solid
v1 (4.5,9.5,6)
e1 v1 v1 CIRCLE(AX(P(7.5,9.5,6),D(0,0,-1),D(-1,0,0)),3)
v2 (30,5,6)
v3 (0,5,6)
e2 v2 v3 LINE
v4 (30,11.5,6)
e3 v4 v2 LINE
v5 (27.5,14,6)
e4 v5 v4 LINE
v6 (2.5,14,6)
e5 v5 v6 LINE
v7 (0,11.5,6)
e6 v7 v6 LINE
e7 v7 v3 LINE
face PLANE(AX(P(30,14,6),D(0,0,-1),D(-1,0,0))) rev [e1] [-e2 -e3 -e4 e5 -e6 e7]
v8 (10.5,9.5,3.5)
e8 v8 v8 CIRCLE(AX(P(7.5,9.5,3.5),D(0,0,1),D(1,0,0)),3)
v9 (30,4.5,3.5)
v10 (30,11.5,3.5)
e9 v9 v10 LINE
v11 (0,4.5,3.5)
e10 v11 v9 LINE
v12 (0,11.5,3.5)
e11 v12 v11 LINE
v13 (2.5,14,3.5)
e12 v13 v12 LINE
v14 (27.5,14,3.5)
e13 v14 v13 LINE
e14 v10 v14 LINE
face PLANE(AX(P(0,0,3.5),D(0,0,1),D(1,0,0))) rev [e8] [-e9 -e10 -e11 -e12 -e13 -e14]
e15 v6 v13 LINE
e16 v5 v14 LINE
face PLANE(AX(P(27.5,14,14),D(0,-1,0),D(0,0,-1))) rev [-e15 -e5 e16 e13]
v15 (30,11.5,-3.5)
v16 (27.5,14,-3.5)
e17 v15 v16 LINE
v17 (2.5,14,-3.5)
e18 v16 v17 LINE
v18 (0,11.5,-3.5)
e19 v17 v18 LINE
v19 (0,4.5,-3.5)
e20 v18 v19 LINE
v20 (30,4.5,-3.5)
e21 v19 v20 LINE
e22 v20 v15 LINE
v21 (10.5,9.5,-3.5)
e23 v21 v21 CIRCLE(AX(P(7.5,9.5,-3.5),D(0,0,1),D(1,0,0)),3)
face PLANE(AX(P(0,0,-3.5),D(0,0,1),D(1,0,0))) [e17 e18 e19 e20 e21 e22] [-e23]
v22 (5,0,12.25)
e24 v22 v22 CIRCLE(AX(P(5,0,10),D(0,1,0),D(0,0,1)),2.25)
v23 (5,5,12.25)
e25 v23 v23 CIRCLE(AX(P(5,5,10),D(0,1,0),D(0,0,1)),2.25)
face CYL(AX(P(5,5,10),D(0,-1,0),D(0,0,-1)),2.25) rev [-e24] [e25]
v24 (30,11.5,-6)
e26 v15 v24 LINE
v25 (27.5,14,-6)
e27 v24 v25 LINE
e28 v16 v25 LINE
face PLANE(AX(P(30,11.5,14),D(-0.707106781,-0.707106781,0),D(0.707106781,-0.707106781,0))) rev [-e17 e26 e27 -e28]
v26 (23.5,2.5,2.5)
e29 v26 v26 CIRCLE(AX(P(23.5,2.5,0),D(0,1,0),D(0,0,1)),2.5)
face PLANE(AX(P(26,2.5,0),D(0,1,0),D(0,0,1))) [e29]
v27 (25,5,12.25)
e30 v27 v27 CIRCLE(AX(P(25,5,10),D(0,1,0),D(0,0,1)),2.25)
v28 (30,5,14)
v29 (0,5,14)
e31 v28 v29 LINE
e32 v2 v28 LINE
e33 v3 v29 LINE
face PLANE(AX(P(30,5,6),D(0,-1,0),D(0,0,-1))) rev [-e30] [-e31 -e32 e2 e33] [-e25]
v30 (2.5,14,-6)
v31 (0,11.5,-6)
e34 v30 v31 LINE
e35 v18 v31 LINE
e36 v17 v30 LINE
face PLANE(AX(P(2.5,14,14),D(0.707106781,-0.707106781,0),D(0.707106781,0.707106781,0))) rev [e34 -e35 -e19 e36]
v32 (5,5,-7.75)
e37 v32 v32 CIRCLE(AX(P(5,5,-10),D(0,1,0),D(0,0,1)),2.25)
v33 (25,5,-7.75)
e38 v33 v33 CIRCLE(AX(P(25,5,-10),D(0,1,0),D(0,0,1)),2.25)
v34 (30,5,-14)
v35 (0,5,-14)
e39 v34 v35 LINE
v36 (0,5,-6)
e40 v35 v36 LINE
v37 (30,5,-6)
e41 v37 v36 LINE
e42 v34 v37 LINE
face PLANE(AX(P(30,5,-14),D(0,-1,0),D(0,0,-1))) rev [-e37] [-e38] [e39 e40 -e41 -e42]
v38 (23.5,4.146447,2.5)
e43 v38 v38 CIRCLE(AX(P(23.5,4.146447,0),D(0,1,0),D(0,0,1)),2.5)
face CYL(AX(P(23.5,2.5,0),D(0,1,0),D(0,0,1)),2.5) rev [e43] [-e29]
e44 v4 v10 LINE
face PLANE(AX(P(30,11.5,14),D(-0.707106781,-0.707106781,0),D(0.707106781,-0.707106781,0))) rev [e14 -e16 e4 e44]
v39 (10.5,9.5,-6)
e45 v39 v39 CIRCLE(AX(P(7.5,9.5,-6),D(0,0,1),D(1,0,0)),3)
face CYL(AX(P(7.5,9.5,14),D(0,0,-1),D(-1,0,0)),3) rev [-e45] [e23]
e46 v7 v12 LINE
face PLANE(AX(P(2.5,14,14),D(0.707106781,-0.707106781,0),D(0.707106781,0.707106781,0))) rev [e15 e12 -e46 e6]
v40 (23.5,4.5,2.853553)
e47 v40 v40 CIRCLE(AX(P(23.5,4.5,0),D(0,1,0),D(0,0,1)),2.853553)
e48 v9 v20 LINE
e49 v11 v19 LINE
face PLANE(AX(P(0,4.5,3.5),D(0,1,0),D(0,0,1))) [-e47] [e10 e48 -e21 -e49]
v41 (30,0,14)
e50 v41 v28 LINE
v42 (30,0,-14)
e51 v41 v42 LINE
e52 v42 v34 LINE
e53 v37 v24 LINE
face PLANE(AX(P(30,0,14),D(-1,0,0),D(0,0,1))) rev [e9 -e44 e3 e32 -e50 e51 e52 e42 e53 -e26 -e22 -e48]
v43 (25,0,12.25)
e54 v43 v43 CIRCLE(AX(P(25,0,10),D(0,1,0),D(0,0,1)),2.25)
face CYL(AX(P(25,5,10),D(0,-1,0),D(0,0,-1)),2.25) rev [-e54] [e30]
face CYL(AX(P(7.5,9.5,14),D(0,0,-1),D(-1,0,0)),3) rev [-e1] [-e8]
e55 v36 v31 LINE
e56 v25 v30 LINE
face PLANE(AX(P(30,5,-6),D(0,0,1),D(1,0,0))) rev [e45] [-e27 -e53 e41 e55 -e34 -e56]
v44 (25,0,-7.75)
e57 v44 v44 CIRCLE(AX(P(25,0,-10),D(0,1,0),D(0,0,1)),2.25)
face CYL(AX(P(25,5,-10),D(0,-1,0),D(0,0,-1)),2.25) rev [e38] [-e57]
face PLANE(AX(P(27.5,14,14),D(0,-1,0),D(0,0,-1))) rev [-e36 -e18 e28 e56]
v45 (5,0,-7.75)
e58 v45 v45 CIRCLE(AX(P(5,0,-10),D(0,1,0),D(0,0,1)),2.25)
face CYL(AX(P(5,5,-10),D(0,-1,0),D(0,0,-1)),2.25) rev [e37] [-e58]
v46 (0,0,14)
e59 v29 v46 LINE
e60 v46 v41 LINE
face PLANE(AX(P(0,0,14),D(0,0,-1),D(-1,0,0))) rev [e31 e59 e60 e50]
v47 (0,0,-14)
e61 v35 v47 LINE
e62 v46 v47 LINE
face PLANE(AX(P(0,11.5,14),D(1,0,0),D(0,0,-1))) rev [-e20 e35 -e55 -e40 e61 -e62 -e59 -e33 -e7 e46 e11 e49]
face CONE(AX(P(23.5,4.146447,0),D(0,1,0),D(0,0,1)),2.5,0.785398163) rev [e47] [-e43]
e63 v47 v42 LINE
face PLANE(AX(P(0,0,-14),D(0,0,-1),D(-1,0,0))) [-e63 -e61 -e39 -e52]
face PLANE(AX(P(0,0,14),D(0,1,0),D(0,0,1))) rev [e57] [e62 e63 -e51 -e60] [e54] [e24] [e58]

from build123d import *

# Parameters (mm, degrees)
BOSS_EXTRUDE1_DEPTH      = 14
BOSS_EXTRUDE1_DEPTH_BACK = 14
CUT_EXTRUDE1_DEPTH       = 14
CUT_EXTRUDE1_DEPTH_BACK  = 14
SKETCH2_R                = 3
CUT_EXTRUDE2_DEPTH       = 3.5
CUT_EXTRUDE2_DEPTH_BACK  = 3.5
SKETCH3_W                = 30
SKETCH3_H                = 9.5
SKETCH5_W                = 56
SKETCH5_H                = 28
CUT_EXTRUDE3_DEPTH       = 30
SKETCH6_R                = 2.25
CUT_EXTRUDE4_DEPTH       = 5
SKETCH7_R                = 2.25
CUT_EXTRUDE5_DEPTH       = 5
SKETCH8_R                = 2.25
CUT_EXTRUDE6_DEPTH       = 5
SKETCH9_R                = 2.25
CUT_EXTRUDE7_DEPTH       = 5


with BuildPart() as part:
    # Sketch1 → Boss-Extrude1 (new, two sides: drawn at the far end of the back side and taken through both)
    with BuildSketch(Plane.XY.offset(-BOSS_EXTRUDE1_DEPTH_BACK)):
        Polygon((0, 11.5), (0, 0), (30, 0), (30, 11.5), (27.5, 14), (2.5, 14), align=None)
    extrude(amount=BOSS_EXTRUDE1_DEPTH + BOSS_EXTRUDE1_DEPTH_BACK)

    # Sketch2 → Cut-Extrude1 (cut, two sides: drawn at the far end of the back side and taken through both)
    with BuildSketch(Plane.XY.offset(-CUT_EXTRUDE1_DEPTH_BACK)):
        with Locations((7.5, 9.5)):
            Circle(SKETCH2_R)
    extrude(amount=CUT_EXTRUDE1_DEPTH + CUT_EXTRUDE1_DEPTH_BACK, mode=Mode.SUBTRACT)

    # Sketch3 → Cut-Extrude2 (cut, two sides: drawn at the far end of the back side and taken through both)
    with BuildSketch(Plane.XY.offset(-CUT_EXTRUDE2_DEPTH_BACK)):
        with Locations((15, 9.25)):
            Rectangle(SKETCH3_W, SKETCH3_H)
    extrude(amount=CUT_EXTRUDE2_DEPTH + CUT_EXTRUDE2_DEPTH_BACK, mode=Mode.SUBTRACT)

    # Sketch4 → Cut-Revolve1 (revolve, cut)
    with BuildSketch(Plane.XY):
        Polygon((23.5, 4.5), (26.353553391, 4.5), (26, 4.146446609), (26, 2.5), (23.5, 2.5), align=None)
    revolve(axis=Axis((23.5, 2.5, 0), (0, 1, 0)), mode=Mode.SUBTRACT)

    # Sketch5 → Cut-Extrude3 (cut)
    with BuildSketch(Plane(origin=(0, 0, 0), x_dir=(0, 0, -1), z_dir=(1, 0, 0))):
        with Locations((0, 12)):
            Rectangle(SKETCH5_W, SKETCH5_H)
        Polygon((-14, 5), (-14, 0), (14, 0), (14, 5), (6, 5), (6, 14), (-6, 14), (-6, 5), align=None, mode=Mode.SUBTRACT)
    extrude(amount=CUT_EXTRUDE3_DEPTH, mode=Mode.SUBTRACT)

    # Sketch6 → Cut-Extrude4 (cut)
    with BuildSketch(Plane(origin=(0, 0, 0), x_dir=(1, 0, 0), z_dir=(0, 1, 0))):
        with Locations((5, -10)):
            Circle(SKETCH6_R)
    extrude(amount=CUT_EXTRUDE4_DEPTH, mode=Mode.SUBTRACT)

    # Sketch7 → Cut-Extrude5 (cut)
    with BuildSketch(Plane(origin=(0, 0, 0), x_dir=(1, 0, 0), z_dir=(0, 1, 0))):
        with Locations((25, 10)):
            Circle(SKETCH7_R)
    extrude(amount=CUT_EXTRUDE5_DEPTH, mode=Mode.SUBTRACT)

    # Sketch8 → Cut-Extrude6 (cut)
    with BuildSketch(Plane(origin=(0, 0, 0), x_dir=(1, 0, 0), z_dir=(0, 1, 0))):
        with Locations((25, -10)):
            Circle(SKETCH8_R)
    extrude(amount=CUT_EXTRUDE6_DEPTH, mode=Mode.SUBTRACT)

    # Sketch9 → Cut-Extrude7 (cut)
    with BuildSketch(Plane(origin=(0, 0, 0), x_dir=(1, 0, 0), z_dir=(0, 1, 0))):
        with Locations((5, 10)):
            Circle(SKETCH9_R)
    extrude(amount=CUT_EXTRUDE7_DEPTH, mode=Mode.SUBTRACT)


solid = part.part
